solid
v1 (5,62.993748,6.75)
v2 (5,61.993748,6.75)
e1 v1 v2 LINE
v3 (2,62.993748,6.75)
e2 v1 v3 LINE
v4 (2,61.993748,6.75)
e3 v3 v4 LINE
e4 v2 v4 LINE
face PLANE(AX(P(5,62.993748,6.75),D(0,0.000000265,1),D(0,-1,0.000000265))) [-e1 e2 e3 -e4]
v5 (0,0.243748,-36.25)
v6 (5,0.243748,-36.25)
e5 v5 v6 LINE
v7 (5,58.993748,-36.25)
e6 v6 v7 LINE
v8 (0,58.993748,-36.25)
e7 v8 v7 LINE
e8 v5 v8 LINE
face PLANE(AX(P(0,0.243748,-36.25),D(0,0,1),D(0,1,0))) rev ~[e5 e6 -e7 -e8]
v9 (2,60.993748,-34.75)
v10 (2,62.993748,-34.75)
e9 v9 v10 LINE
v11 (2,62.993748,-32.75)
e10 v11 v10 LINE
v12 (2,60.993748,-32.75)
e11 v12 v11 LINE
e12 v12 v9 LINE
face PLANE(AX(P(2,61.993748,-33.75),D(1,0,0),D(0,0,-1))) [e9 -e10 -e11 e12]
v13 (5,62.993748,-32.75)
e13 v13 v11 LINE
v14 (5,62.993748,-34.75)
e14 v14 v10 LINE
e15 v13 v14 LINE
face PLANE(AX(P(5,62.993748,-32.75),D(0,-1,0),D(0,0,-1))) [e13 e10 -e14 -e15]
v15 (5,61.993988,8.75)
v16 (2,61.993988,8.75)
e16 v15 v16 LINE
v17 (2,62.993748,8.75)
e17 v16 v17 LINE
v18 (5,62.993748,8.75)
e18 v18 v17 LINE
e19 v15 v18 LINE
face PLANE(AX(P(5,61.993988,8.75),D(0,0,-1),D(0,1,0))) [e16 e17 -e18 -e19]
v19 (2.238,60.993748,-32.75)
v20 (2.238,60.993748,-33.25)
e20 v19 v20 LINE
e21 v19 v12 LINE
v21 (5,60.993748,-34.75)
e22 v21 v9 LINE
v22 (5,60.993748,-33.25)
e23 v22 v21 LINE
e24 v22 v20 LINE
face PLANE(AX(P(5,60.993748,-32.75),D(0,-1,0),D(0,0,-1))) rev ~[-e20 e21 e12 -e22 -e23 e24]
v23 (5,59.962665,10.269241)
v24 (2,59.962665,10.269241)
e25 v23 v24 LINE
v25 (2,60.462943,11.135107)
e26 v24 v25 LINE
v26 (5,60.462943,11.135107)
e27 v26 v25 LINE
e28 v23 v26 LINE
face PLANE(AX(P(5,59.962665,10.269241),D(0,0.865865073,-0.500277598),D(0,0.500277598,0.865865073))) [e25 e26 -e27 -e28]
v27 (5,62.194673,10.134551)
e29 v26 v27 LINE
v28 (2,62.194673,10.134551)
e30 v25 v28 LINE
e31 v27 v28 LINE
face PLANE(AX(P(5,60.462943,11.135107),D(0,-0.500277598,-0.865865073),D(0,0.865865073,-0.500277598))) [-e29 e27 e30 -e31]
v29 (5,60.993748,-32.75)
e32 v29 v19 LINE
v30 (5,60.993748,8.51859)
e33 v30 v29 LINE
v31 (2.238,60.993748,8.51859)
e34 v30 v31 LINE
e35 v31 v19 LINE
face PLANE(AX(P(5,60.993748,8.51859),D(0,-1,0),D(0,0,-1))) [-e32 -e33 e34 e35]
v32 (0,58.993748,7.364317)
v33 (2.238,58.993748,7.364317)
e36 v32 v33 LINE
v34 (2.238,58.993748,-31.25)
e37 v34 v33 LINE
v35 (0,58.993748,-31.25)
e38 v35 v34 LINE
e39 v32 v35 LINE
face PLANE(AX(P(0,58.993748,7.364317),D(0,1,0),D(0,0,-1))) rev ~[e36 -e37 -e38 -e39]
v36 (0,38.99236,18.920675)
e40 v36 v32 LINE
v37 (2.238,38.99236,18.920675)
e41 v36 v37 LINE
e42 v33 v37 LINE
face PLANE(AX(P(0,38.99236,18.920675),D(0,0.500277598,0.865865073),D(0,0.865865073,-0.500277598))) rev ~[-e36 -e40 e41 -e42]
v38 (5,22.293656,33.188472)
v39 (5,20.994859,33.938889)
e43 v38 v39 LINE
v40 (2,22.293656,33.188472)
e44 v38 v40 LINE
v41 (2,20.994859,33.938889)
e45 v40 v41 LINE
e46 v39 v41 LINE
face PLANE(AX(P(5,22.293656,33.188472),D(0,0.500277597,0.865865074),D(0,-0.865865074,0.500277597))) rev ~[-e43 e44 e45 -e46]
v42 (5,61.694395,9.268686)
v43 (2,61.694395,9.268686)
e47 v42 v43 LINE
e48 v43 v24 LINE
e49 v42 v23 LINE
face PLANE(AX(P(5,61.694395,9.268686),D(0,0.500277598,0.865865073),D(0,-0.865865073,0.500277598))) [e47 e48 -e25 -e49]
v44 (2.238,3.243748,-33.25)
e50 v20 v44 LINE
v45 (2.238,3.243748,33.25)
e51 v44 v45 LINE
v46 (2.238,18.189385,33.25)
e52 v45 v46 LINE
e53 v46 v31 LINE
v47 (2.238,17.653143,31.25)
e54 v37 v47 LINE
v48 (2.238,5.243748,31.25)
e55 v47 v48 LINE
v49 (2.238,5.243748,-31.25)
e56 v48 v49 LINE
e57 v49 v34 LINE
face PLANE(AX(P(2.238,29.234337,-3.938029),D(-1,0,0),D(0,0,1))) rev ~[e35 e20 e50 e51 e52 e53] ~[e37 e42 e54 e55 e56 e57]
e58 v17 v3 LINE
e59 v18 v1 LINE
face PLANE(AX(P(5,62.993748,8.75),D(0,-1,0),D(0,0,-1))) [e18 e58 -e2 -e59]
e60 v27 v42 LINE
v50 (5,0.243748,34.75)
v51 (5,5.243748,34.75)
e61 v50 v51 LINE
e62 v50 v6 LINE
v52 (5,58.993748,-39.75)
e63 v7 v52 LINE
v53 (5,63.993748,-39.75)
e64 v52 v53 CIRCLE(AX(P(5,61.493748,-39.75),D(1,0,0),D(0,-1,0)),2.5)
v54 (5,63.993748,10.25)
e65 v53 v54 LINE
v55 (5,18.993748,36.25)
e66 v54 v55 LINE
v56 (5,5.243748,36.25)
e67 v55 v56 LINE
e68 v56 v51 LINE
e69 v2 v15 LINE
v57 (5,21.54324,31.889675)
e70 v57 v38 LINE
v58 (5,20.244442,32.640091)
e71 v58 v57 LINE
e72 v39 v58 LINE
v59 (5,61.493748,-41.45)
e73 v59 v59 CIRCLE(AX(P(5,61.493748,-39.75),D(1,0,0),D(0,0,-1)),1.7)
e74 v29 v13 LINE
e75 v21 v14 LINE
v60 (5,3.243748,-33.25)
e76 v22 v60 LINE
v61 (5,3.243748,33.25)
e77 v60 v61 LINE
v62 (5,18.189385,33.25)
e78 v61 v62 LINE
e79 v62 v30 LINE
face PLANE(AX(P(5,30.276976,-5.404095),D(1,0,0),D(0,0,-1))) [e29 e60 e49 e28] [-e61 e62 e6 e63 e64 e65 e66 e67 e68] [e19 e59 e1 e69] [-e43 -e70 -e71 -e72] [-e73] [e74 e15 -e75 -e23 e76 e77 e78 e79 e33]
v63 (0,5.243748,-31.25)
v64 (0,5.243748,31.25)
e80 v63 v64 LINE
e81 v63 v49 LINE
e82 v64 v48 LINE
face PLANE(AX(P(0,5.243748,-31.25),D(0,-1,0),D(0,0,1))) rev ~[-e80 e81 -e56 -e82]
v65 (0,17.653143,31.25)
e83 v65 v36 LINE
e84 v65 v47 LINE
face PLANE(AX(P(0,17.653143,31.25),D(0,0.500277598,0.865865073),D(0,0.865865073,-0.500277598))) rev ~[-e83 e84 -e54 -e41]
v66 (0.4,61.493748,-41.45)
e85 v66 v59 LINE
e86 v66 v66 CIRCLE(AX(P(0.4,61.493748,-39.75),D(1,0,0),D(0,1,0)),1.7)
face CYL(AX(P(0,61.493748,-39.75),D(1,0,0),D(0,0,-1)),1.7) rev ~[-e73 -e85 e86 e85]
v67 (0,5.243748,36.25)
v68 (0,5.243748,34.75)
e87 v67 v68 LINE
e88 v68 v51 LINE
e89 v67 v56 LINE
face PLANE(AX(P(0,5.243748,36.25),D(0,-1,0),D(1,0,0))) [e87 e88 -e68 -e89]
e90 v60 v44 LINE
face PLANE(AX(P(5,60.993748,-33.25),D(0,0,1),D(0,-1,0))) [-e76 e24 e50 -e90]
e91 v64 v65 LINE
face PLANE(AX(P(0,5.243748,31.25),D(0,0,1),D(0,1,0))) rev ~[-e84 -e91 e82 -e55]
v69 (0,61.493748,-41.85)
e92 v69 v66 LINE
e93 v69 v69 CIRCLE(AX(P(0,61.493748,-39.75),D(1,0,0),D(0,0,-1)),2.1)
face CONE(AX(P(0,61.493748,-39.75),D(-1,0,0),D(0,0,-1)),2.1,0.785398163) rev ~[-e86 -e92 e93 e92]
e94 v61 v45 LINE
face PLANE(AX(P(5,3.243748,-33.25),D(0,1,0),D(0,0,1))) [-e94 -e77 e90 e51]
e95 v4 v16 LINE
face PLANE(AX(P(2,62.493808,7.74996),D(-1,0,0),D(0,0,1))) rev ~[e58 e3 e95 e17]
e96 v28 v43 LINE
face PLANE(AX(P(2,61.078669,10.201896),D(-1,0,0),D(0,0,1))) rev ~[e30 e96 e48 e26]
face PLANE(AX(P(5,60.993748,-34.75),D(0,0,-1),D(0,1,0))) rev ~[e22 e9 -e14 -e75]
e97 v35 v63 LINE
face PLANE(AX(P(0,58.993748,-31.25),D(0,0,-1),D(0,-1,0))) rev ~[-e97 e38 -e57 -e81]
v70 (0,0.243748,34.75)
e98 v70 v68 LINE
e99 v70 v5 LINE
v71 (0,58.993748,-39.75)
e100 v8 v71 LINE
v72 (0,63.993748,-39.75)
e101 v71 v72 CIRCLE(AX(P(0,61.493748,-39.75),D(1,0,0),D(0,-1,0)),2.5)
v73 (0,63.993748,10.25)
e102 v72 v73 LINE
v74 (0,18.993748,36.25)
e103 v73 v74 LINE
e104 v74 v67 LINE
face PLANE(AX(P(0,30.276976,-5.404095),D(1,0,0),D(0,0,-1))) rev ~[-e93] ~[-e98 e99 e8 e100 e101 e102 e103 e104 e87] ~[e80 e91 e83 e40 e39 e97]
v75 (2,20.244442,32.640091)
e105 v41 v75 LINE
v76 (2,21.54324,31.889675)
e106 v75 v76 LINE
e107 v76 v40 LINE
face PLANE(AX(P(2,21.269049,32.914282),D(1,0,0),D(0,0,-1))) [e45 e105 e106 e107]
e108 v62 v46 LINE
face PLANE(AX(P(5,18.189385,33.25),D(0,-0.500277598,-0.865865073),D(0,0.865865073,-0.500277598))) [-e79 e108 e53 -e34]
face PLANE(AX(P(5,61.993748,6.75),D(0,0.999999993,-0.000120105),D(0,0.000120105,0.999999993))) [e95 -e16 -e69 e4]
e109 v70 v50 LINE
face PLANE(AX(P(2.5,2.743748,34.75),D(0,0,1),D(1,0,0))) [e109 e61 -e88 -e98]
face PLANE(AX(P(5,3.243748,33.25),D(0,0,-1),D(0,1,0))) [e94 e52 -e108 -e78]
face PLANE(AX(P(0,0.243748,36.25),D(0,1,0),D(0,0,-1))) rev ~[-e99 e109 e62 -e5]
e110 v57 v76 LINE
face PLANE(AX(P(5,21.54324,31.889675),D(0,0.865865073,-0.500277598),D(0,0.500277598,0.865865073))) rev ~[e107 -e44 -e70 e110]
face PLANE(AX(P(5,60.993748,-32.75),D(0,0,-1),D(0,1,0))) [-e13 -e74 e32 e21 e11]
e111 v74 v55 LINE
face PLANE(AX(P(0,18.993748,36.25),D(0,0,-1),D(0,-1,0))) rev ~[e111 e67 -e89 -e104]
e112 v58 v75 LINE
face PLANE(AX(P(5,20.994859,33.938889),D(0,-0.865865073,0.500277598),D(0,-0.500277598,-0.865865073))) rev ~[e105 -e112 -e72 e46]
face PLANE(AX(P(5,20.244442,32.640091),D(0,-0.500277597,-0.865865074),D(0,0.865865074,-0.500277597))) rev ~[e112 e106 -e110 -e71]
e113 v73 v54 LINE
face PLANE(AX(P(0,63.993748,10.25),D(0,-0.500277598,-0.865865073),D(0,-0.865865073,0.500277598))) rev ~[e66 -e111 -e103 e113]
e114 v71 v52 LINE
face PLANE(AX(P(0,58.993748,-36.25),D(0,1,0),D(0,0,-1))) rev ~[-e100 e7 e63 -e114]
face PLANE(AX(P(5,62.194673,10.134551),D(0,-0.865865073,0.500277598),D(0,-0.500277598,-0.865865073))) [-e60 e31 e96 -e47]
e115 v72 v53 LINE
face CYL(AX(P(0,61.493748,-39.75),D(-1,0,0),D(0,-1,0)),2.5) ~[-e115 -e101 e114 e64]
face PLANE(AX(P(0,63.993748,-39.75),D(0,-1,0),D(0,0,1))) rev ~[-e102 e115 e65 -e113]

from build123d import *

# Parameters (mm, degrees)
BOSS_EXTRUDE1_DEPTH                             = 5
CSK_FOR_M3_FLAT_HEAD_MACHINE_SCREW1_D           = 3.4
CSK_FOR_M3_FLAT_HEAD_MACHINE_SCREW1_DEPTH       = 10
CSK_FOR_M3_FLAT_HEAD_MACHINE_SCREW1_CSINK_D     = 4.2
CSK_FOR_M3_FLAT_HEAD_MACHINE_SCREW1_CSINK_ANGLE = 90
CSK_FOR_M3_FLAT_HEAD_MACHINE_SCREW1_TIP         = 1.021463052
CUT_EXTRUDE1_DEPTH                              = 2.762
SKETCH9_W                                       = 5
SKETCH9_H                                       = 5
CUT_EXTRUDE3_DEPTH                              = 1.5
SKETCH10_W                                      = 2
SKETCH10_H                                      = 2
CUT_EXTRUDE4_DEPTH                              = 3
CUT_EXTRUDE5_DEPTH                              = 3
CUT_EXTRUDE6_DEPTH                              = 3


with BuildPart() as part:
    # Sketch1 → Boss-Extrude1 (new body)
    with BuildSketch(Plane(origin=(0, 0, 0), x_dir=(0, 0, -1), z_dir=(1, 0, 0))):
        with BuildLine():
            Line((-36.25, 0.243748214), (36.25, 0.243748214))
            Line((36.25, 0.243748214), (36.25, 58.993748214))
            Line((36.25, 58.993748214), (39.75, 58.993748214))
            ThreePointArc((39.75, 58.993748214), (42.25, 61.493748214), (39.75, 63.993748214))
            Line((39.75, 63.993748214), (36.25, 63.993748214))
            Line((36.25, 63.993748214), (-10.25, 63.993748214))
            Line((-10.25, 63.993748214), (-36.25, 18.993748214))
            Line((-36.25, 18.993748214), (-36.25, 0.243748214))
        make_face()
        Polygon((31.25, 5.243748214), (-31.25, 5.243748214), (-31.25, 17.653143244), (-18.920674634, 38.992360224), (-7.364317129, 58.993748214), (31.25, 58.993748214), align=None, mode=Mode.SUBTRACT)
    extrude(amount=BOSS_EXTRUDE1_DEPTH)

    # CSK for M3 Flat Head Machine Screw1
    with Locations(Plane.ZY):
        with Locations((-39.75, 61.493748214)):
            CounterSinkHole(CSK_FOR_M3_FLAT_HEAD_MACHINE_SCREW1_D / 2, CSK_FOR_M3_FLAT_HEAD_MACHINE_SCREW1_CSINK_D / 2, depth=CSK_FOR_M3_FLAT_HEAD_MACHINE_SCREW1_DEPTH, counter_sink_angle=CSK_FOR_M3_FLAT_HEAD_MACHINE_SCREW1_CSINK_ANGLE)
            with Locations((0, 0, -(CSK_FOR_M3_FLAT_HEAD_MACHINE_SCREW1_DEPTH + CSK_FOR_M3_FLAT_HEAD_MACHINE_SCREW1_TIP / 2))):  # 118° drill point
                Cone(0, CSK_FOR_M3_FLAT_HEAD_MACHINE_SCREW1_D / 2, CSK_FOR_M3_FLAT_HEAD_MACHINE_SCREW1_TIP, mode=Mode.SUBTRACT)

    # Sketch6 → Cut-Extrude1 (cut)
    with BuildSketch(Plane(origin=(5, 0, 0), x_dir=(0, 0, -1), z_dir=(1, 0, 0))):
        Polygon((33.25, 60.993748214), (33.25, 3.243748214), (-33.25, 3.243748214), (-33.25, 18.189385232), (-8.518590277, 60.993748214), align=None)
    extrude(amount=-CUT_EXTRUDE1_DEPTH, mode=Mode.SUBTRACT)

    # Sketch9 → Cut-Extrude3 (cut)
    with BuildSketch(Plane.XY.offset(36.25)):
        with Locations((2.5, 2.743748214)):
            Rectangle(SKETCH9_W, SKETCH9_H)
    extrude(amount=-CUT_EXTRUDE3_DEPTH, mode=Mode.SUBTRACT)

    # Sketch10 → Cut-Extrude4 (cut)
    with BuildSketch(Plane(origin=(5, 0, 0), x_dir=(0, 0, -1), z_dir=(1, 0, 0))):
        with Locations((33.75, 61.993748214)):
            Rectangle(SKETCH10_W, SKETCH10_H)
    extrude(amount=-CUT_EXTRUDE4_DEPTH, mode=Mode.SUBTRACT)

    # Sketch13 → Cut-Extrude5 (cut)
    with BuildSketch(Plane(origin=(5, 0, 0), x_dir=(0, 0, -1), z_dir=(1, 0, 0))):
        Polygon((-8.75000025, 62.993748214), (-6.75, 62.993748214), (-6.750000265, 61.993748214), (-8.75000025, 61.993988423), align=None)
        Polygon((-11.135106519, 60.46294286), (-10.134551324, 62.194673006), (-9.26868625, 61.694395408), (-10.269241446, 59.962665262), align=None)
    extrude(amount=-CUT_EXTRUDE5_DEPTH, mode=Mode.SUBTRACT)

    # Sketch15 → Cut-Extrude6 (cut)
    with BuildSketch(Plane(origin=(5, 0, 0), x_dir=(0, 0, -1), z_dir=(1, 0, 0))):
        Polygon((-33.188472136, 22.293656216), (-33.938888532, 20.994858606), (-32.640090922, 20.244442209), (-31.889674526, 21.543239819), align=None)
    extrude(amount=-CUT_EXTRUDE6_DEPTH, mode=Mode.SUBTRACT)


solid = part.part
